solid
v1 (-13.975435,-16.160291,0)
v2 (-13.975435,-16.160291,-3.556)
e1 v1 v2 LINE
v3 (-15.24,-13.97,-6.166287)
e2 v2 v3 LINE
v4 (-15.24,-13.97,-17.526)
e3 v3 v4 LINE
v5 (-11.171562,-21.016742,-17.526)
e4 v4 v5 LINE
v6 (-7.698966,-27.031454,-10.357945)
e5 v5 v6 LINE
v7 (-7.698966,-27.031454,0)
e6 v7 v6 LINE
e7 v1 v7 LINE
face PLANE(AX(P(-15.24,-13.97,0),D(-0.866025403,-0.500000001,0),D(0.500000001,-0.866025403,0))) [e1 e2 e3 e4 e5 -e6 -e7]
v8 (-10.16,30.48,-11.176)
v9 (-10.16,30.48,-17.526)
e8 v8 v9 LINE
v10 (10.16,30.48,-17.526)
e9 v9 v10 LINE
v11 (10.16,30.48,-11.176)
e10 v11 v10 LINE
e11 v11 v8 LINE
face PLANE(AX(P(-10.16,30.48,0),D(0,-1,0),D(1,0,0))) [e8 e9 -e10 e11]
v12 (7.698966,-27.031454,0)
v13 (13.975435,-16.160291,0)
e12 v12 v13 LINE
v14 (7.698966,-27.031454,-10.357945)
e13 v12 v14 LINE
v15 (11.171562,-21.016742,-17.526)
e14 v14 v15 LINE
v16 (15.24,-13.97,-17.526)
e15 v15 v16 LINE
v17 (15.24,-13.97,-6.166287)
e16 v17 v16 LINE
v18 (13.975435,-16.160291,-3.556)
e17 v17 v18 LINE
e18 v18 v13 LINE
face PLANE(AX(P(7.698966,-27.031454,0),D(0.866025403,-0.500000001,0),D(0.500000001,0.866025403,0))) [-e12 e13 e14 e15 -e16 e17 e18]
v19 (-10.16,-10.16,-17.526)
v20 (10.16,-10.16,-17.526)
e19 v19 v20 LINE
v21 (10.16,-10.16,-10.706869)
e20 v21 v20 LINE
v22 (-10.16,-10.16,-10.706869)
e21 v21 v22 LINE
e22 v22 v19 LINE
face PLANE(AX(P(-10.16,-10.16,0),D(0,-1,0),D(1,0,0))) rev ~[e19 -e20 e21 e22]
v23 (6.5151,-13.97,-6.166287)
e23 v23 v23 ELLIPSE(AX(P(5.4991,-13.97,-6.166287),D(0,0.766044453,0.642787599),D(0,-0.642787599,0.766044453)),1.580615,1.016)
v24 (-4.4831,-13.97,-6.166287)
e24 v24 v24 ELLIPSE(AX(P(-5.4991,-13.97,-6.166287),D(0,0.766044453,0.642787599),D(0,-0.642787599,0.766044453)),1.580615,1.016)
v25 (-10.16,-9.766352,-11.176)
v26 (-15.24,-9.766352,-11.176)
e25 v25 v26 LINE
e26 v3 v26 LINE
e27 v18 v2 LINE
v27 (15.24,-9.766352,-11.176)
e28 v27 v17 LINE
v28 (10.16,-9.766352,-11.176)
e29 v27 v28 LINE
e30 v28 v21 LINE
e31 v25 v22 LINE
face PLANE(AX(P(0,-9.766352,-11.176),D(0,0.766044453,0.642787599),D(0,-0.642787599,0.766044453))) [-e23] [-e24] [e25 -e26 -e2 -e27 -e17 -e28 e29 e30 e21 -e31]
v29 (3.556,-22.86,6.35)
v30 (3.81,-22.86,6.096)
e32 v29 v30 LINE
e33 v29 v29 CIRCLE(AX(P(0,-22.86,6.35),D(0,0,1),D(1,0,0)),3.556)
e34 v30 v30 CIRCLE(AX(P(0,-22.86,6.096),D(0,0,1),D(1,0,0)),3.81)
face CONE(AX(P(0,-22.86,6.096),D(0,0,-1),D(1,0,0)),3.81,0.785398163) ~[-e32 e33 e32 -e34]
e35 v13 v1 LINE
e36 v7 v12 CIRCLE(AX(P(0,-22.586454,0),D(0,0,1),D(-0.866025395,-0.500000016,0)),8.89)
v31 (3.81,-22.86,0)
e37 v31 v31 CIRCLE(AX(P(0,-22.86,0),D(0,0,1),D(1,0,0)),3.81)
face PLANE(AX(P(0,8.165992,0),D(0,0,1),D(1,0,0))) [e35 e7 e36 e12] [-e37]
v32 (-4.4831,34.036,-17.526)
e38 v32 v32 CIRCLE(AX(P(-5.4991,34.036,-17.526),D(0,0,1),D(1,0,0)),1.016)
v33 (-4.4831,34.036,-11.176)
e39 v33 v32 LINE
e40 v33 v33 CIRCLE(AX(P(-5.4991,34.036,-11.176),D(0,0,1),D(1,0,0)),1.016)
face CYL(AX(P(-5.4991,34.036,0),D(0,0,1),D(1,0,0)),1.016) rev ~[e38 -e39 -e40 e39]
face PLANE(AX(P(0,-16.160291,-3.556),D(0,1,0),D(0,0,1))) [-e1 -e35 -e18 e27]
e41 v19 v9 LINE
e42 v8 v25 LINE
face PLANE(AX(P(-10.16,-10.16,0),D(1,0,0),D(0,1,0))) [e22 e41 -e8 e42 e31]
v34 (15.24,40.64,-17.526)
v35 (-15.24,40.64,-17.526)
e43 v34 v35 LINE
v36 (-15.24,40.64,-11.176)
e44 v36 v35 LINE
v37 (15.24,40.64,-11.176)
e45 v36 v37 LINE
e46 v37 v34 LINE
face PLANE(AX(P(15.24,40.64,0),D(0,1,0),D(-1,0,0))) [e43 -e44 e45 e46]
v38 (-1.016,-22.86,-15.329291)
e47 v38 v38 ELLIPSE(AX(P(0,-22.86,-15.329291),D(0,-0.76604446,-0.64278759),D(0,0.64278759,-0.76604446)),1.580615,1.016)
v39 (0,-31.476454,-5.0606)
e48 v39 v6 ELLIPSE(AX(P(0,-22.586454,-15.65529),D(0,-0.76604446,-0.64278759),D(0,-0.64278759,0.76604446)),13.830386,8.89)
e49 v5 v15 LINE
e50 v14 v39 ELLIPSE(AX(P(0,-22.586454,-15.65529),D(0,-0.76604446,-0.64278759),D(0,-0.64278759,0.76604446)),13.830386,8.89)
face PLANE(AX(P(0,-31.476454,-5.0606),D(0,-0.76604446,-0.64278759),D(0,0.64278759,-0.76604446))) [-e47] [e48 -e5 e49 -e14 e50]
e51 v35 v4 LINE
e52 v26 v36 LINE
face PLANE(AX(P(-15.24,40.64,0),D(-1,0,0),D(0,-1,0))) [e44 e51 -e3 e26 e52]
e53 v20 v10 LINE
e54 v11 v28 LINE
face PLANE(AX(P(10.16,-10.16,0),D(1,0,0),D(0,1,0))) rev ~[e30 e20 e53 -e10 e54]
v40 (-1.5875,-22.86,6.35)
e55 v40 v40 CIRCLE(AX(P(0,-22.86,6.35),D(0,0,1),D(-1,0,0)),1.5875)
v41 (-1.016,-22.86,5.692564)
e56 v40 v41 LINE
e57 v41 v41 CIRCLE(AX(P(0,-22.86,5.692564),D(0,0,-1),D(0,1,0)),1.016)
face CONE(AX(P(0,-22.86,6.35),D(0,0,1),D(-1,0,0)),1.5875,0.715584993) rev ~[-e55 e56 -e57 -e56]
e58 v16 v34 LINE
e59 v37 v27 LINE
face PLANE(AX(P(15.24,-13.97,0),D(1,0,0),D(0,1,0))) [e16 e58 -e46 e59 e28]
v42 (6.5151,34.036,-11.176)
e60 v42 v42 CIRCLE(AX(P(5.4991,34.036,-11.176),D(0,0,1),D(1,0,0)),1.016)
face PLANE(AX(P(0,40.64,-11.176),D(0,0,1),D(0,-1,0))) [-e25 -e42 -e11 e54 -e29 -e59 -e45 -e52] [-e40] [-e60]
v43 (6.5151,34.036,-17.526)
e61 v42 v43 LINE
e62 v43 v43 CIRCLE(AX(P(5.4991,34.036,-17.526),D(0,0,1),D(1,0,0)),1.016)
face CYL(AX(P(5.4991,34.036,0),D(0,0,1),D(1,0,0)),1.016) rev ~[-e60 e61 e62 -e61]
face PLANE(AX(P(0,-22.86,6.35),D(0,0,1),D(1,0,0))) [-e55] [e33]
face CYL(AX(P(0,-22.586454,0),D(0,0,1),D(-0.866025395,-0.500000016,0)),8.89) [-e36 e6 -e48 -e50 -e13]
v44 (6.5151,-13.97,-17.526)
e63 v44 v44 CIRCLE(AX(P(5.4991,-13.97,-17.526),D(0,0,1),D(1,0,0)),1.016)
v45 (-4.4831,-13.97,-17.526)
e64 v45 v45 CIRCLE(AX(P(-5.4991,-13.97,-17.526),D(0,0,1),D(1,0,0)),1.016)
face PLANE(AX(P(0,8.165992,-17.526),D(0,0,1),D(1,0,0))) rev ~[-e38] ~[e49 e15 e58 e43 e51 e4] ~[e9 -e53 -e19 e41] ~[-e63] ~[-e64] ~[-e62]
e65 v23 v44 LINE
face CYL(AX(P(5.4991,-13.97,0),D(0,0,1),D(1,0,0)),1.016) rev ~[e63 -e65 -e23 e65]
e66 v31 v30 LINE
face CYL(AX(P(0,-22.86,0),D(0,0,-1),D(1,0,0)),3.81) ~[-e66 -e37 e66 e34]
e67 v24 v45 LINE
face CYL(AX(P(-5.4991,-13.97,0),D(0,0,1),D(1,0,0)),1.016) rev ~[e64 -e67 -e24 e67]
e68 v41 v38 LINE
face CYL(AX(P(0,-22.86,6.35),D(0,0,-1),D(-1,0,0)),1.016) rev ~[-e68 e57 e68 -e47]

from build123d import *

# Parameters (mm, degrees)
F0_R           = 1.016
F0_W           = 20.32
F0_H           = 40.64
F2_DEPTH       = 17.526
F3_DEPTH       = 63.5
F4_R           = 3.81
F5_DEPTH       = 6.35
F7_D           = 2.032
F7_CSINK_D     = 3.175
F7_CSINK_ANGLE = 82
F8_SIZE        = 0.254


with BuildPart() as f2:
    # F0 (on Top) → F2 (new body, through all)
    with BuildSketch(Plane.XY):
        with BuildLine():
            Line((15.24, 40.64), (-15.24, 40.64))
            Line((-15.24, 40.64), (-15.24, -13.97))
            Line((-15.24, -13.97), (-7.698966, -27.031454))
            ThreePointArc((-7.698966, -27.031454), (0, -31.476454), (7.698966, -27.031454))
            Line((7.698966, -27.031454), (15.24, -13.97))
            Line((15.24, -13.97), (15.24, 40.64))
        make_face()
        with Locations((-5.4991, -13.97)):
            Circle(F0_R, mode=Mode.SUBTRACT)
        with Locations((5.4991, -13.97)):
            Circle(F0_R, mode=Mode.SUBTRACT)
        with Locations((-5.4991, 34.036)):
            Circle(F0_R, mode=Mode.SUBTRACT)
        with Locations((0, 10.16)):
            Rectangle(F0_W, F0_H, mode=Mode.SUBTRACT)
        with Locations((5.4991, 34.036)):
            Circle(F0_R, mode=Mode.SUBTRACT)
    extrude(amount=-F2_DEPTH)

    # F1 (on Right) → F3 (intersect, symmetric)
    with BuildSketch(Plane.YZ):
        Polygon((-16.160291, 0), (-31.476454, 0), (-31.476454, -5.0606), (-21.016742, -17.526), (40.64, -17.526), (40.64, -11.176), (-9.766352, -11.176), (-16.160291, -3.556), align=None)
    extrude(amount=F3_DEPTH, both=True, mode=Mode.INTERSECT)

    # F4 (on face) → F5 (join)
    with BuildSketch(Plane.XY):
        with Locations((0, -22.86)):
            Circle(F4_R)
    extrude(amount=F5_DEPTH)

    # F7 (through all)
    with Locations(Plane.XY.offset(6.35)):
        with Locations((0, -22.86)):
            CounterSinkHole(F7_D / 2, F7_CSINK_D / 2, counter_sink_angle=F7_CSINK_ANGLE)

    # F8
    f8_edges = [f2.edges().sort_by_distance(p)[0] for p in [
        (-3.81, -22.86, 6.35),
    ]]
    chamfer(f8_edges, length=F8_SIZE)


solid = f2.part
